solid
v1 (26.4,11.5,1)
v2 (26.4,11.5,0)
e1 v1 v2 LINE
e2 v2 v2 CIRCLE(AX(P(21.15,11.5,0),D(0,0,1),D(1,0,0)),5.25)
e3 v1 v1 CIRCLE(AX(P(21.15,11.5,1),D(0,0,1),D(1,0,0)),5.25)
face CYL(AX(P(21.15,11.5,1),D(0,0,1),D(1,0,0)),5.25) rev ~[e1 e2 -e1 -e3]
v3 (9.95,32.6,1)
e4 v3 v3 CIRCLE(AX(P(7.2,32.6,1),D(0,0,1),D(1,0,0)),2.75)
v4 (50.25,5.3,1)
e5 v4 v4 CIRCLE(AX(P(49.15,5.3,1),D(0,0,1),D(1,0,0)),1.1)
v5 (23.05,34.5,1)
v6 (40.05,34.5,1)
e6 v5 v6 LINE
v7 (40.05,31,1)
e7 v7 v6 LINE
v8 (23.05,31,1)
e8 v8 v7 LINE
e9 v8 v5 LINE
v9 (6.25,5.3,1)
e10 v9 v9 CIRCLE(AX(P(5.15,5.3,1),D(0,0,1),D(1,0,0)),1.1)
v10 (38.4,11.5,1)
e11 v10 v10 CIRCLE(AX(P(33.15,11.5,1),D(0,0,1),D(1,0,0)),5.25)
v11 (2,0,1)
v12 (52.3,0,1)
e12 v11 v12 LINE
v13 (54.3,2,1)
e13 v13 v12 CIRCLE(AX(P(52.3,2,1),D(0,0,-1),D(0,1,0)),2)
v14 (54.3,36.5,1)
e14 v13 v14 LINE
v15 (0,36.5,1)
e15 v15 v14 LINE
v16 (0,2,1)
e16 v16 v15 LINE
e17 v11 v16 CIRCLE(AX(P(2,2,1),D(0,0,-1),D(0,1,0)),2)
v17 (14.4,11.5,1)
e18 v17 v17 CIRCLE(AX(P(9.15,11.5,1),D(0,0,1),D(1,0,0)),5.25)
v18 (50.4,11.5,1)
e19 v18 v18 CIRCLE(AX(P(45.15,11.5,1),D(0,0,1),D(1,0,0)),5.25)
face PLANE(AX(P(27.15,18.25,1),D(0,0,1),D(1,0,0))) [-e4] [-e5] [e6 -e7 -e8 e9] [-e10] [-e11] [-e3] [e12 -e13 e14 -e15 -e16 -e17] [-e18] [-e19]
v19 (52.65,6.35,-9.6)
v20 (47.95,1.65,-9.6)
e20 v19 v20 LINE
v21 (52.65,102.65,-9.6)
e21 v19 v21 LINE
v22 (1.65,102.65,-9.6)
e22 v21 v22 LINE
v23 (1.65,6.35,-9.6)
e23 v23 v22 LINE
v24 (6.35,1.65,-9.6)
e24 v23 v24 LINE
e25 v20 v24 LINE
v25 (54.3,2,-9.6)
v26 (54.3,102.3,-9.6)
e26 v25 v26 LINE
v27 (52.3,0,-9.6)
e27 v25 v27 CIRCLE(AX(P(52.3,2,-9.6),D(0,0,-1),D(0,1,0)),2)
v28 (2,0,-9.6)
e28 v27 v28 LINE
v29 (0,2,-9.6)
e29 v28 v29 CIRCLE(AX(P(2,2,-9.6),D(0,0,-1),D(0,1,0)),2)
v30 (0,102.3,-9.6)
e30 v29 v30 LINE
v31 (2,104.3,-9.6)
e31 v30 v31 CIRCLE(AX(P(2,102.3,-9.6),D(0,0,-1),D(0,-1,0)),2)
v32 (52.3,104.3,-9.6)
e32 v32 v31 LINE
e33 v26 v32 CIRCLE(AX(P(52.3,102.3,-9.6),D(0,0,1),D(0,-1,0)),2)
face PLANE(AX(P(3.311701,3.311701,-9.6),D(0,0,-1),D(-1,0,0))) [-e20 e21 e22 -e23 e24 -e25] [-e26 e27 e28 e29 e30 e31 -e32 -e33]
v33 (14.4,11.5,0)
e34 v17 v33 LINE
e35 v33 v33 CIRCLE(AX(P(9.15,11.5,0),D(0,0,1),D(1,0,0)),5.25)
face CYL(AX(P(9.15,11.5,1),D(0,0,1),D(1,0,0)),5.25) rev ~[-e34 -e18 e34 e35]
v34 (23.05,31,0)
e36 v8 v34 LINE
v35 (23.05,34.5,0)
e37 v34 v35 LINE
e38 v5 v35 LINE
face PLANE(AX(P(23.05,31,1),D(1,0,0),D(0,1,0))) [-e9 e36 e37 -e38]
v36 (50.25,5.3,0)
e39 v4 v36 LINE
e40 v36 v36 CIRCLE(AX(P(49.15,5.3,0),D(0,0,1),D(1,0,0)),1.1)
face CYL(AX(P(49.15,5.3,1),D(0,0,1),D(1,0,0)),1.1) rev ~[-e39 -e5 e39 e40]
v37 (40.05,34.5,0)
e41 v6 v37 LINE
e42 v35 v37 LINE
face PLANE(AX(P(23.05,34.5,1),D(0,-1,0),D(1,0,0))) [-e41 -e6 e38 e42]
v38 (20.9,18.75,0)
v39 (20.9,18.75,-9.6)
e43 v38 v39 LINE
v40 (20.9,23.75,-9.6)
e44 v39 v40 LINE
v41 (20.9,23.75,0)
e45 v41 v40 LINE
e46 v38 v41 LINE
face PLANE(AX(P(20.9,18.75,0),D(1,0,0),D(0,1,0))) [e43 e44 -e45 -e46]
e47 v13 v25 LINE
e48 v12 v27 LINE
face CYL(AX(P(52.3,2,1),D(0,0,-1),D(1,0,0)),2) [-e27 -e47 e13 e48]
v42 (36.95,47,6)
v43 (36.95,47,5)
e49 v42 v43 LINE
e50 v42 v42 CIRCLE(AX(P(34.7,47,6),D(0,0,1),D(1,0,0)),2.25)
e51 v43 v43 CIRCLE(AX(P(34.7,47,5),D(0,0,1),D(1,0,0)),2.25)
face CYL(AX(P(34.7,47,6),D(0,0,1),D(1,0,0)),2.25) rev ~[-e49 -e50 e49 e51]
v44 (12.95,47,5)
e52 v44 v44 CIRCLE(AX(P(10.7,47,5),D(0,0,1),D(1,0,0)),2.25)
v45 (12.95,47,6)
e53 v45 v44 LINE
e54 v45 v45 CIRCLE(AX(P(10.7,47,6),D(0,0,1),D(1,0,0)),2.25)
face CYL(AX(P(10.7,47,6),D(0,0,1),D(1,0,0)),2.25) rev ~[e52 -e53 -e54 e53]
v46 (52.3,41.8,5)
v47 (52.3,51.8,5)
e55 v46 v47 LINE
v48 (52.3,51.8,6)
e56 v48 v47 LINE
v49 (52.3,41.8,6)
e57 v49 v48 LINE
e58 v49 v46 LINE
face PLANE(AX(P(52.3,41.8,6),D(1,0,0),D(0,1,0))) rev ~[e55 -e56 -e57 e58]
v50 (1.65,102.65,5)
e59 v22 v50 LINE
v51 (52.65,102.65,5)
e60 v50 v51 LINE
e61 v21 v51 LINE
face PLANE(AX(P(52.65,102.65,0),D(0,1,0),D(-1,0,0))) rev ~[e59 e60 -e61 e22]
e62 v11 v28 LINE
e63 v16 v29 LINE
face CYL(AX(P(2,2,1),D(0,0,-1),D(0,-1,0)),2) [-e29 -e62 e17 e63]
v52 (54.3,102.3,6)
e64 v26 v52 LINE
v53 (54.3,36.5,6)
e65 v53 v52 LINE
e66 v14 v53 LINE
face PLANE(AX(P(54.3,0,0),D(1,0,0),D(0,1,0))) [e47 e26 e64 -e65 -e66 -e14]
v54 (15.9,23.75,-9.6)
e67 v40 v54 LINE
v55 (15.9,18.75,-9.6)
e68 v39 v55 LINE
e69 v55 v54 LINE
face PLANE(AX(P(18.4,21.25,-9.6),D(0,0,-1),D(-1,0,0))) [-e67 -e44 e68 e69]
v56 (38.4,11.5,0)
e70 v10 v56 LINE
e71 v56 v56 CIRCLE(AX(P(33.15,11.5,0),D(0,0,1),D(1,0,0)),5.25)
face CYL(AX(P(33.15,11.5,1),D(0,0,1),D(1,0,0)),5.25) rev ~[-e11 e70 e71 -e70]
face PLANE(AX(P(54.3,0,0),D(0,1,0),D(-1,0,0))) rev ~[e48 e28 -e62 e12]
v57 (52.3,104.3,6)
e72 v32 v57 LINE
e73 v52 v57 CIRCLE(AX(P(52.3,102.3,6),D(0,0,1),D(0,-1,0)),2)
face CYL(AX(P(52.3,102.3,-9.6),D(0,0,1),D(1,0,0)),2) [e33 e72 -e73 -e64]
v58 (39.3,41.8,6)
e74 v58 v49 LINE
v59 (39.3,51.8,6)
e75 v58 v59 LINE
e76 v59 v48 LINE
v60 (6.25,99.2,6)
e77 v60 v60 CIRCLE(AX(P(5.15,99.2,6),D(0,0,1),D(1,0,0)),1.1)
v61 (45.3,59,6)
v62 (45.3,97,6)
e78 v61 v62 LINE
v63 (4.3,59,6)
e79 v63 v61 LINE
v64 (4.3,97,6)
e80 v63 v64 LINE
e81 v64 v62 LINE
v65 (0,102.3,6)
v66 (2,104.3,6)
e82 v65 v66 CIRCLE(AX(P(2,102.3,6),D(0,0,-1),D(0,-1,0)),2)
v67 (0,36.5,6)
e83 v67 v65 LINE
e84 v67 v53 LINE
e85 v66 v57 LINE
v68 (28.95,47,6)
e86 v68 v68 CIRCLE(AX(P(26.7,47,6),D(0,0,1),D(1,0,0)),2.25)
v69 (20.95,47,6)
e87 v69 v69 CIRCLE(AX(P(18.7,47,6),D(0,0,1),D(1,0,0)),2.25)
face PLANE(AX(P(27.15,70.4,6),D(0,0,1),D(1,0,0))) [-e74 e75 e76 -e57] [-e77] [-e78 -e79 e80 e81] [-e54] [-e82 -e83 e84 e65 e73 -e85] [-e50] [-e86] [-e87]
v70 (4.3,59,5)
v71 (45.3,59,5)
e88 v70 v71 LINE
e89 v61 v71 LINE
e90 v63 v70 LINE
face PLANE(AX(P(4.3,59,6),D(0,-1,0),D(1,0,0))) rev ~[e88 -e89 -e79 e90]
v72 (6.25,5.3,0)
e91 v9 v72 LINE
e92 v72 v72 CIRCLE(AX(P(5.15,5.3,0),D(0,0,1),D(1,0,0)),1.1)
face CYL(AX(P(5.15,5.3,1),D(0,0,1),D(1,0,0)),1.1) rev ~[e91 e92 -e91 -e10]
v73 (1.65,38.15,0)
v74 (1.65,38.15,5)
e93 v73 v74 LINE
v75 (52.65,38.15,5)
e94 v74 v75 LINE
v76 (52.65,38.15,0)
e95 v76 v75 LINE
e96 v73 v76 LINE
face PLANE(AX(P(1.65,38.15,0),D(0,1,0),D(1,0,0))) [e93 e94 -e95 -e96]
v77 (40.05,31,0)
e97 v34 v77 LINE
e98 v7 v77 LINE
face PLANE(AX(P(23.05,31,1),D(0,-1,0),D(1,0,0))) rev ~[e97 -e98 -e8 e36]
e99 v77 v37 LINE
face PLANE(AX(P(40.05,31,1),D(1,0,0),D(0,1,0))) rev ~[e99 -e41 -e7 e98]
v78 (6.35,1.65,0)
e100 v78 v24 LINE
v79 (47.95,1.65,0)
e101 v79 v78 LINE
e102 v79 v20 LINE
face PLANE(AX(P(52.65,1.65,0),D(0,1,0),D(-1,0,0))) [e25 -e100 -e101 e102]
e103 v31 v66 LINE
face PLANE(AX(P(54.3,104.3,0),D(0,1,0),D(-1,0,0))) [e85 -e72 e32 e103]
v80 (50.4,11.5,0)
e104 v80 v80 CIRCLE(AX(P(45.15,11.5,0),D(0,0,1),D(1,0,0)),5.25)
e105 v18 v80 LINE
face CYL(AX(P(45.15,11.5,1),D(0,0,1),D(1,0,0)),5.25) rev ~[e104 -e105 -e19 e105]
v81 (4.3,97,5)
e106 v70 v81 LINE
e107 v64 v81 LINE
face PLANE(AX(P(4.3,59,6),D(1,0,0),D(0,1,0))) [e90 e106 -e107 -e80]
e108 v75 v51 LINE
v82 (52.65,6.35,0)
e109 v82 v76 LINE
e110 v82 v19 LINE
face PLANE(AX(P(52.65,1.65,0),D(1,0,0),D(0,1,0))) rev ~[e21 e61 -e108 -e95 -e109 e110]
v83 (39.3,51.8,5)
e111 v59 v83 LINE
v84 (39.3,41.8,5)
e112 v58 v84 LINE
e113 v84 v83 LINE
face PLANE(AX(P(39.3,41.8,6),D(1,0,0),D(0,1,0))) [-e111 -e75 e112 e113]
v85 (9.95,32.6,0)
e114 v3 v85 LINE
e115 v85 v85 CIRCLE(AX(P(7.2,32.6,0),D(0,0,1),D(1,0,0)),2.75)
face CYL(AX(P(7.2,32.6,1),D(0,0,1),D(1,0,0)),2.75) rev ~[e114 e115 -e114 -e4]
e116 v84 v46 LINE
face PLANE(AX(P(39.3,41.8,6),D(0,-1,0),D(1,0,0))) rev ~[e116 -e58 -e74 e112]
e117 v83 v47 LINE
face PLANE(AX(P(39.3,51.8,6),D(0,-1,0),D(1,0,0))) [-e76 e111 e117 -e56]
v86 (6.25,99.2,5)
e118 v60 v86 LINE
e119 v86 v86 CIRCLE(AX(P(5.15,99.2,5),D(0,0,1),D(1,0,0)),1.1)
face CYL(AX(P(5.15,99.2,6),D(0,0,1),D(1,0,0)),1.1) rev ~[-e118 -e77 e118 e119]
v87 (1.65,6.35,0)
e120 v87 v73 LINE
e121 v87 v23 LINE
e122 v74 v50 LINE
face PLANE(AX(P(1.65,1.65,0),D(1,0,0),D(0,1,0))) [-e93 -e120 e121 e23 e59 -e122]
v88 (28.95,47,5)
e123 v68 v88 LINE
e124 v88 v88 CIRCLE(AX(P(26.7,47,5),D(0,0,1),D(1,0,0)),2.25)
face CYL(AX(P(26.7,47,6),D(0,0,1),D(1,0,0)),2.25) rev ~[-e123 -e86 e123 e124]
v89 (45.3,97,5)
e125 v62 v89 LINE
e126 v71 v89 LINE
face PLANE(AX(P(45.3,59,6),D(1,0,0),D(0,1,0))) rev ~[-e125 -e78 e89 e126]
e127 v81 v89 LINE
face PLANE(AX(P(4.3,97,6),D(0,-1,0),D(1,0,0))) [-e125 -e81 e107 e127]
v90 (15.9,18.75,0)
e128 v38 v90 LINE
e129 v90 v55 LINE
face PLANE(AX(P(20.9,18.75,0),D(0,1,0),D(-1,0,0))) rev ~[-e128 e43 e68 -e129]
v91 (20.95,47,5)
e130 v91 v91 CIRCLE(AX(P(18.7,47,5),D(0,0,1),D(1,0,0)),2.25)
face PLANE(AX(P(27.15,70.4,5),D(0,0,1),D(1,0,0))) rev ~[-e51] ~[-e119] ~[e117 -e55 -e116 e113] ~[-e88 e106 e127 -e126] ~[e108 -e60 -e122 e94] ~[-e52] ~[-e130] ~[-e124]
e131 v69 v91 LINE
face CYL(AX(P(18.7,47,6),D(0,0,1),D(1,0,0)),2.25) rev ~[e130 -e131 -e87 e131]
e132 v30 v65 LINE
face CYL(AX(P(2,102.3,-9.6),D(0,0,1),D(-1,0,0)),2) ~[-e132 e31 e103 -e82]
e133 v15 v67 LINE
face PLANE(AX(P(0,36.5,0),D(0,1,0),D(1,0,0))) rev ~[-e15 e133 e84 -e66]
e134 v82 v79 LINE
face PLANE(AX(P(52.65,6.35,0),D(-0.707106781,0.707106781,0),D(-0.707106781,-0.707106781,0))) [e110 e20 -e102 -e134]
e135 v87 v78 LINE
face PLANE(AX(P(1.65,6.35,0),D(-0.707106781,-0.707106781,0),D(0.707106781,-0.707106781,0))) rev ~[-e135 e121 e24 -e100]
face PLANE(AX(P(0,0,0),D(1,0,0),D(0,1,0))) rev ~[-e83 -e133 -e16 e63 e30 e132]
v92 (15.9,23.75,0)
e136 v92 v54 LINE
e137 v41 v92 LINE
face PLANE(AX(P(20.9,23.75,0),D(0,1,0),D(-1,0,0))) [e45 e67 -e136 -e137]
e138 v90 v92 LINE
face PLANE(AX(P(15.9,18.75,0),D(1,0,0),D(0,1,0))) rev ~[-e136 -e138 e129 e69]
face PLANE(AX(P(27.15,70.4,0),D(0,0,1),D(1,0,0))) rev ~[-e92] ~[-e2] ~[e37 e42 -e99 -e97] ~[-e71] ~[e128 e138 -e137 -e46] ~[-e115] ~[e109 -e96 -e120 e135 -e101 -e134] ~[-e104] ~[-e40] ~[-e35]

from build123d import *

# Parameters (mm, degrees)
SKICA1_W                 = 54.3
SKICA1_H                 = 36.5
P_IDAT_VYSUNUT_M1_DEPTH  = 1
SKICA4_W                 = 54.3
SKICA4_H                 = 67.8
SKICA4_W_2               = 51
SKICA4_H_2               = 64.5
P_IDAT_VYSUNUT_M2_DEPTH  = 6
SKICA5_W                 = 51
SKICA5_H                 = 64.5
P_IDAT_VYSUNUT_M3_DEPTH  = 1
SKICA2_R                 = 1.1
ODEBRAT_VYSUNUT_M1_DEPTH = 1
SKICA3_R                 = 5.25
SKICA3_R_2               = 2.75
SKICA3_W                 = 17
SKICA3_H                 = 3.5
ODEBRAT_VYSUNUT_M2_DEPTH = 1
SKICA6_W                 = 41
SKICA6_H                 = 38
SKICA6_R                 = 2.25
SKICA6_R_2               = 1.1
SKICA6_W_2               = 13
SKICA6_H_2               = 10
ODEBRAT_VYSUNUT_M3_DEPTH = 118.74115678
SKICA8_W                 = 54.3
SKICA8_H                 = 104.3
SKICA8_W_2               = 51
SKICA8_H_2               = 101
P_IDAT_VYSUNUT_M4_DEPTH  = 9.6
ZAOBLIT1_R               = 2
SKICA9_W                 = 5
SKICA9_H                 = 5
P_IDAT_VYSUNUT_M5_DEPTH  = 9.6


with BuildPart() as part:
    # Skica1 → Přidat vysunutím1 (new body)
    with BuildSketch(Plane.XY):
        with Locations((27.15, 18.25)):
            Rectangle(SKICA1_W, SKICA1_H)
    extrude(amount=P_IDAT_VYSUNUT_M1_DEPTH)

    # Skica4 → Přidat vysunutím2 (add)
    with BuildSketch(Plane.XY):
        with Locations((27.15, 70.4)):
            Rectangle(SKICA4_W, SKICA4_H)
        with Locations((27.15, 70.4)):
            Rectangle(SKICA4_W_2, SKICA4_H_2, mode=Mode.SUBTRACT)
    extrude(amount=P_IDAT_VYSUNUT_M2_DEPTH)

    # Skica5 → Přidat vysunutím3 (add)
    with BuildSketch(Plane.XY.offset(6)):
        with Locations((27.15, 70.4)):
            Rectangle(SKICA5_W, SKICA5_H)
    extrude(amount=-P_IDAT_VYSUNUT_M3_DEPTH)

    # Skica2 → Odebrat vysunutím1 (cut)
    with BuildSketch(Plane.XY.offset(1)):
        with Locations((49.15, 5.3)):
            Circle(SKICA2_R)
        with Locations((5.15, 5.3)):
            Circle(SKICA2_R)
    extrude(amount=-ODEBRAT_VYSUNUT_M1_DEPTH, mode=Mode.SUBTRACT)

    # Skica3 → Odebrat vysunutím2 (cut)
    with BuildSketch(Plane.XY.offset(1)):
        with Locations((9.15, 11.5)):
            Circle(SKICA3_R)
        with Locations((21.15, 11.5)):
            Circle(SKICA3_R)
        with Locations((33.15, 11.5)):
            Circle(SKICA3_R)
        with Locations((45.15, 11.5)):
            Circle(SKICA3_R)
        with Locations((7.2, 32.6)):
            Circle(SKICA3_R_2)
        with Locations((31.55, 32.75)):
            Rectangle(SKICA3_W, SKICA3_H)
    extrude(amount=-ODEBRAT_VYSUNUT_M2_DEPTH, mode=Mode.SUBTRACT)

    # Skica6 → Odebrat vysunutím3 (cut, through all)
    with BuildSketch(Plane.XY.offset(6)):
        with Locations((24.8, 78)):
            Rectangle(SKICA6_W, SKICA6_H)
        with Locations((34.7, 47)):
            Circle(SKICA6_R)
        with Locations((26.7, 47)):
            Circle(SKICA6_R)
        with Locations((18.7, 47)):
            Circle(SKICA6_R)
        with Locations((10.7, 47)):
            Circle(SKICA6_R)
        with Locations((5.15, 99.2)):
            Circle(SKICA6_R_2)
        with Locations((45.8, 46.8)):
            Rectangle(SKICA6_W_2, SKICA6_H_2)
    extrude(amount=-ODEBRAT_VYSUNUT_M3_DEPTH, mode=Mode.SUBTRACT)

    # Skica8 → Přidat vysunutím4 (add)
    with BuildSketch(Plane(origin=(0, 0, 0), x_dir=(-1, 0, 0), z_dir=(0, 0, -1))):
        with Locations((-27.15, 52.15)):
            Rectangle(SKICA8_W, SKICA8_H)
        with Locations((-27.15, 52.15)):
            Rectangle(SKICA8_W_2, SKICA8_H_2, mode=Mode.SUBTRACT)
    extrude(amount=P_IDAT_VYSUNUT_M4_DEPTH)

    # Zaoblit1
    zaoblit1_edges = [part.edges().sort_by_distance(p)[0] for p in [
        (0, 104.3, -1.8),
        (54.3, 104.3, -1.8),
        (54.3, 0, -4.3),
        (0, 0, -4.3),
    ]]
    fillet(zaoblit1_edges, radius=ZAOBLIT1_R)

    # Skica9 → Přidat vysunutím5 (add)
    with BuildSketch(Plane(origin=(0, 0, 0), x_dir=(-1, 0, 0), z_dir=(0, 0, -1))):
        Polygon((-1.65, 1.65), (-1.65, 6.35), (-6.35, 1.65), align=None)
        Polygon((-52.65, 1.65), (-52.65, 6.35), (-47.95, 1.65), align=None)
        with Locations((-18.4, 21.25)):
            Rectangle(SKICA9_W, SKICA9_H)
    extrude(amount=P_IDAT_VYSUNUT_M5_DEPTH)


solid = part.part
